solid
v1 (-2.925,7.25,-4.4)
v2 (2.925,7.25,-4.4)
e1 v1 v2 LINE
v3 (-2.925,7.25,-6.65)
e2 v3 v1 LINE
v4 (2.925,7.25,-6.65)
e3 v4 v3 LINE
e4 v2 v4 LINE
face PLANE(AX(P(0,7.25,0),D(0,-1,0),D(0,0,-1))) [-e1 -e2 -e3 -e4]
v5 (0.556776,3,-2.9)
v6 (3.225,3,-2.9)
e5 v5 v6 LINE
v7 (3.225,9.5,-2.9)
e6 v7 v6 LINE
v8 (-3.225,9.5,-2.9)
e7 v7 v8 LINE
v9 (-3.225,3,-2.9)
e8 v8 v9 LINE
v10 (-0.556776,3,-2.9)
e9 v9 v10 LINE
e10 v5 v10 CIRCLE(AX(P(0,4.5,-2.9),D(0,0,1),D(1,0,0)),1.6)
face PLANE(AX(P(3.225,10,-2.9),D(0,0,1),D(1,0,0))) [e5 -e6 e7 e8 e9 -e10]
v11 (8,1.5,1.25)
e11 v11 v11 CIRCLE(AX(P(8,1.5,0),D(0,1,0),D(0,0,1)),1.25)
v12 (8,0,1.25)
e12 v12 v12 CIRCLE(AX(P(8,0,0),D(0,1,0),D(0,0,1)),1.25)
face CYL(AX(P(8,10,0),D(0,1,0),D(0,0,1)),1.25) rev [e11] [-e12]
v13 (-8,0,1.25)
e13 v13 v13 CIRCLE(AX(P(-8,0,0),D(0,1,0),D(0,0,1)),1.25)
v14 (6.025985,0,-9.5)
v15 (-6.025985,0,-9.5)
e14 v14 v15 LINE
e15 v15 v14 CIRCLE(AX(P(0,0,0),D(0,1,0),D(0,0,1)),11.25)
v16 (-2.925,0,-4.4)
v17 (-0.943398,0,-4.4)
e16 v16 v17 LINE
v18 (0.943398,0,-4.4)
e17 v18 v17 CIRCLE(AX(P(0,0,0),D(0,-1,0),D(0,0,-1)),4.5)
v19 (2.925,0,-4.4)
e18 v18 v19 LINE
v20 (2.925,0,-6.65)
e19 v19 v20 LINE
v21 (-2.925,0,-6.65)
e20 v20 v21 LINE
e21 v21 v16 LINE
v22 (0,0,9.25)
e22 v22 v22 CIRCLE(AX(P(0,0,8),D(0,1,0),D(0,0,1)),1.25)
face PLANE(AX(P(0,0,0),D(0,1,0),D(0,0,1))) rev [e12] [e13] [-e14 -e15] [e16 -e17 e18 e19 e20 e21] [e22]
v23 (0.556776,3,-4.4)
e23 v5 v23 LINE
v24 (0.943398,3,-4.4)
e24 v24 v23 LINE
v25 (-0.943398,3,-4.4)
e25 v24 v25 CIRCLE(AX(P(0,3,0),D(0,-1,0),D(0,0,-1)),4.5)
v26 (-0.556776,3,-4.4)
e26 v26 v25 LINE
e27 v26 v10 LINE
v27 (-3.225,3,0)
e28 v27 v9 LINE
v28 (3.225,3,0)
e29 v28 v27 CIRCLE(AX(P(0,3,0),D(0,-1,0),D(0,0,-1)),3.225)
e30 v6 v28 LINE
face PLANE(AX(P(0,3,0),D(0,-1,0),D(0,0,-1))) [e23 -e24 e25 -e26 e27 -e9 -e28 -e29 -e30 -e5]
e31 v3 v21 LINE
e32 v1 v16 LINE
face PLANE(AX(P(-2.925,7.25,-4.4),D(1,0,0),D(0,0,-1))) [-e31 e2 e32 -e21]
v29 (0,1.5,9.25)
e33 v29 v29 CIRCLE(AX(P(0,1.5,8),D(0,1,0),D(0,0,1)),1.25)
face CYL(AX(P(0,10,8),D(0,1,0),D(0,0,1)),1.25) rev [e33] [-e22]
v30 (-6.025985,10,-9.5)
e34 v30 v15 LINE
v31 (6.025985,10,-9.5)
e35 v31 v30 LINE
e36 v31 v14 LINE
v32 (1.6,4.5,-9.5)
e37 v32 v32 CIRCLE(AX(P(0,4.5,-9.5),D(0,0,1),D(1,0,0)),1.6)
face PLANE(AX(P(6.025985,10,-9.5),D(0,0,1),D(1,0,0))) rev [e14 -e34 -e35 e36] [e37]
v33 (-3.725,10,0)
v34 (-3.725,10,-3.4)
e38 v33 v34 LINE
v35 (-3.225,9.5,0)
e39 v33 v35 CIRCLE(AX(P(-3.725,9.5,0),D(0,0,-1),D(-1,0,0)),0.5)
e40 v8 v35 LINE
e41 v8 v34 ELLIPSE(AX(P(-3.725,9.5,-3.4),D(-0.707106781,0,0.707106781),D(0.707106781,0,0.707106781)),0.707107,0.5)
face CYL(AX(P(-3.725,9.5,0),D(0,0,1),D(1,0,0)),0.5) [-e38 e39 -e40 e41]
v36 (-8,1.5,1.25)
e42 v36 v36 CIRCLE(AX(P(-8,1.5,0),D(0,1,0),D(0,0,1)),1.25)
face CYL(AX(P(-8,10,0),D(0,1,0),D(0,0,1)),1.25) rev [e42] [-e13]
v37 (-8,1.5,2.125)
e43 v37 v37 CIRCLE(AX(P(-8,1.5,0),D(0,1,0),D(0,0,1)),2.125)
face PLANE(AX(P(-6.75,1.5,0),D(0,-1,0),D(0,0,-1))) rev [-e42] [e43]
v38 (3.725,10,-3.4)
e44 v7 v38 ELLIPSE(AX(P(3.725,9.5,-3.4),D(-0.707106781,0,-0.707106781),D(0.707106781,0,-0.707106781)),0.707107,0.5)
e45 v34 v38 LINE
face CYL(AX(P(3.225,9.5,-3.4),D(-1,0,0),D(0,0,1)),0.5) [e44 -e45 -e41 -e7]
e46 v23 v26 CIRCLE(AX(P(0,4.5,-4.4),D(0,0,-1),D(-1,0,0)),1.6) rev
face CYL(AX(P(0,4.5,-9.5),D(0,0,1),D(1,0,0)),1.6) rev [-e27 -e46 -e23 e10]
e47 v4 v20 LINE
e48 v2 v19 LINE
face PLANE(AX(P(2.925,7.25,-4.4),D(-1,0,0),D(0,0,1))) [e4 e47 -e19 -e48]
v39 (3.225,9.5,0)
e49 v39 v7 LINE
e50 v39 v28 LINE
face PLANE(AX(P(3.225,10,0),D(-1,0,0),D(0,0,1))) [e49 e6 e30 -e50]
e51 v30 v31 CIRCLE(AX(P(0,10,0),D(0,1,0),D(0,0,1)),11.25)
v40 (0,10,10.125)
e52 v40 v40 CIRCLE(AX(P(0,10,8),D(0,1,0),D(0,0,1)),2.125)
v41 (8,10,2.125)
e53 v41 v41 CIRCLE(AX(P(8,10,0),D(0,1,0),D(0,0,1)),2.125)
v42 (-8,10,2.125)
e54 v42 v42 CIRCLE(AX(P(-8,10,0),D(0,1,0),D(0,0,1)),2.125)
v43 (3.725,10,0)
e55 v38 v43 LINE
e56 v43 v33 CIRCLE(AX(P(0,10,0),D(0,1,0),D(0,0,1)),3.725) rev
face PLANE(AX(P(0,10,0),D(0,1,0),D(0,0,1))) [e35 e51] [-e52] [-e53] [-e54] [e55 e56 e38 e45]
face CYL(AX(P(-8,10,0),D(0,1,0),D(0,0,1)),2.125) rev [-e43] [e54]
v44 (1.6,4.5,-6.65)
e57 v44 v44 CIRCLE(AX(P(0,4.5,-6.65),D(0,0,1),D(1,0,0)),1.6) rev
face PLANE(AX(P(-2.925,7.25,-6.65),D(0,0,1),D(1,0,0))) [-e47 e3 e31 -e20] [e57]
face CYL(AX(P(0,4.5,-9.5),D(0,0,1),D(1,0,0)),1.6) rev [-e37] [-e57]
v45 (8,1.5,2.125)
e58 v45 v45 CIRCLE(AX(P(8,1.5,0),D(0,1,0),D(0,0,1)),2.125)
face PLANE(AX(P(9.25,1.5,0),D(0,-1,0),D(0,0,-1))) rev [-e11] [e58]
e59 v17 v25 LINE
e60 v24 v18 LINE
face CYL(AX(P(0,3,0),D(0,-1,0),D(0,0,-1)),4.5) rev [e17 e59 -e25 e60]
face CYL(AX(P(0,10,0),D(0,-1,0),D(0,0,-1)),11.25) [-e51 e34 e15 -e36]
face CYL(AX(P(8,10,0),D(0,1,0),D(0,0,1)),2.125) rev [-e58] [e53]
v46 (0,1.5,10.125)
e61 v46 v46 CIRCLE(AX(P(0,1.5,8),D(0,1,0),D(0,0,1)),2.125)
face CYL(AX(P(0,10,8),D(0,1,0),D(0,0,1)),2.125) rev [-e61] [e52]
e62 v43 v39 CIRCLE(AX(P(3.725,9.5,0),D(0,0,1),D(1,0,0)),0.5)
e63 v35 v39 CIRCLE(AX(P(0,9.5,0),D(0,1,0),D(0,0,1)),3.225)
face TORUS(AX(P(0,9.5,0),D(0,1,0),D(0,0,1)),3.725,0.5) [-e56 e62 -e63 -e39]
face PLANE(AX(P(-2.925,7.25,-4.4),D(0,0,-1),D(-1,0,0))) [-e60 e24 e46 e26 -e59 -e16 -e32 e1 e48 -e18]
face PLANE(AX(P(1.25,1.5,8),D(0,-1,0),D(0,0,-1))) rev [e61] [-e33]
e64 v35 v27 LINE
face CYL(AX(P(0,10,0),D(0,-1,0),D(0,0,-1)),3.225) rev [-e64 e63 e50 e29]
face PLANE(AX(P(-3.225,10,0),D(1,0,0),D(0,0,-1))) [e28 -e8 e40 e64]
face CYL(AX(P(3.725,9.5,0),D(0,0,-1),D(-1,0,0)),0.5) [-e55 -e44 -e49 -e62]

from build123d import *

# Parameters (mm, degrees)
BOSS_EXTRU_1_DEPTH             = 10
CBORE_FOR_M2_SHCS1_D           = 2.5
CBORE_FOR_M2_SHCS1_CBORE_D     = 4.25
CBORE_FOR_M2_SHCS1_CBORE_DEPTH = 8.5
CONG_1_R                       = 0.5
ESQUISSE6_R                    = 1.6
ENL_V_MAT_EXTRU_1_DEPTH        = 19.791620526
ESQUISSE7_W                    = 5.85
ESQUISSE7_H                    = 2.25
ENL_V_MAT_EXTRU_2_DEPTH        = 7.25
SKETCH1_R                      = 4.5
CUT_EXTRUDE1_DEPTH             = 3


with BuildPart() as part:
    # Esquisse1 → Boss.-Extru.1 (new body)
    with BuildSketch(Plane(origin=(0, 0, 0), x_dir=(1, 0, 0), z_dir=(0, 1, 0))):
        with BuildLine():
            Line((6.025985397, 9.5), (-6.025985397, 9.5))
            ThreePointArc((-6.025985397, 9.5), (0, -11.25), (6.025985397, 9.5))
        make_face()
        with BuildLine():
            Line((-3.225, 0), (-3.225, 2.9))
            Line((-3.225, 2.9), (3.225, 2.9))
            Line((3.225, 2.9), (3.225, 0))
            ThreePointArc((3.225, 0), (0, -3.225), (-3.225, 0))
        make_face(mode=Mode.SUBTRACT)
    extrude(amount=BOSS_EXTRU_1_DEPTH)

    # CBORE for M2 SHCS1 (through all)
    with Locations(Plane(origin=(0, 10, 0), x_dir=(1, 0, 0), z_dir=(0, 1, 0))):
        with Locations((8, 0), (-8, 0), (0, 0), (0, -8)):
            CounterBoreHole(CBORE_FOR_M2_SHCS1_D / 2, CBORE_FOR_M2_SHCS1_CBORE_D / 2, CBORE_FOR_M2_SHCS1_CBORE_DEPTH)

    # Congé1
    cong_1_edges = [part.edges().sort_by_distance(p)[0] for p in [
        (0, 10, 3.225),
        (3.225, 10, -1.45),
        (0, 10, -2.9),
        (-3.225, 10, -1.45),
    ]]
    fillet(cong_1_edges, radius=CONG_1_R)

    # Esquisse6 → Enlèv. mat.-Extru.1 (cut, through all)
    with BuildSketch(Plane.XY):
        with Locations((0, 4.5)):
            Circle(ESQUISSE6_R)
    extrude(amount=-ENL_V_MAT_EXTRU_1_DEPTH, mode=Mode.SUBTRACT)

    # Esquisse7 → Enlèv. mat.-Extru.2 (cut)
    with BuildSketch(Plane(origin=(0, 0, 0), x_dir=(1, 0, 0), z_dir=(0, 1, 0))):
        with Locations((0, 5.525)):
            Rectangle(ESQUISSE7_W, ESQUISSE7_H)
    extrude(amount=ENL_V_MAT_EXTRU_2_DEPTH, mode=Mode.SUBTRACT)

    # Sketch1 → Cut-Extrude1 (cut)
    with BuildSketch(Plane.XZ):
        Circle(SKETCH1_R)
    extrude(amount=-CUT_EXTRUDE1_DEPTH, mode=Mode.SUBTRACT)


solid = part.part
